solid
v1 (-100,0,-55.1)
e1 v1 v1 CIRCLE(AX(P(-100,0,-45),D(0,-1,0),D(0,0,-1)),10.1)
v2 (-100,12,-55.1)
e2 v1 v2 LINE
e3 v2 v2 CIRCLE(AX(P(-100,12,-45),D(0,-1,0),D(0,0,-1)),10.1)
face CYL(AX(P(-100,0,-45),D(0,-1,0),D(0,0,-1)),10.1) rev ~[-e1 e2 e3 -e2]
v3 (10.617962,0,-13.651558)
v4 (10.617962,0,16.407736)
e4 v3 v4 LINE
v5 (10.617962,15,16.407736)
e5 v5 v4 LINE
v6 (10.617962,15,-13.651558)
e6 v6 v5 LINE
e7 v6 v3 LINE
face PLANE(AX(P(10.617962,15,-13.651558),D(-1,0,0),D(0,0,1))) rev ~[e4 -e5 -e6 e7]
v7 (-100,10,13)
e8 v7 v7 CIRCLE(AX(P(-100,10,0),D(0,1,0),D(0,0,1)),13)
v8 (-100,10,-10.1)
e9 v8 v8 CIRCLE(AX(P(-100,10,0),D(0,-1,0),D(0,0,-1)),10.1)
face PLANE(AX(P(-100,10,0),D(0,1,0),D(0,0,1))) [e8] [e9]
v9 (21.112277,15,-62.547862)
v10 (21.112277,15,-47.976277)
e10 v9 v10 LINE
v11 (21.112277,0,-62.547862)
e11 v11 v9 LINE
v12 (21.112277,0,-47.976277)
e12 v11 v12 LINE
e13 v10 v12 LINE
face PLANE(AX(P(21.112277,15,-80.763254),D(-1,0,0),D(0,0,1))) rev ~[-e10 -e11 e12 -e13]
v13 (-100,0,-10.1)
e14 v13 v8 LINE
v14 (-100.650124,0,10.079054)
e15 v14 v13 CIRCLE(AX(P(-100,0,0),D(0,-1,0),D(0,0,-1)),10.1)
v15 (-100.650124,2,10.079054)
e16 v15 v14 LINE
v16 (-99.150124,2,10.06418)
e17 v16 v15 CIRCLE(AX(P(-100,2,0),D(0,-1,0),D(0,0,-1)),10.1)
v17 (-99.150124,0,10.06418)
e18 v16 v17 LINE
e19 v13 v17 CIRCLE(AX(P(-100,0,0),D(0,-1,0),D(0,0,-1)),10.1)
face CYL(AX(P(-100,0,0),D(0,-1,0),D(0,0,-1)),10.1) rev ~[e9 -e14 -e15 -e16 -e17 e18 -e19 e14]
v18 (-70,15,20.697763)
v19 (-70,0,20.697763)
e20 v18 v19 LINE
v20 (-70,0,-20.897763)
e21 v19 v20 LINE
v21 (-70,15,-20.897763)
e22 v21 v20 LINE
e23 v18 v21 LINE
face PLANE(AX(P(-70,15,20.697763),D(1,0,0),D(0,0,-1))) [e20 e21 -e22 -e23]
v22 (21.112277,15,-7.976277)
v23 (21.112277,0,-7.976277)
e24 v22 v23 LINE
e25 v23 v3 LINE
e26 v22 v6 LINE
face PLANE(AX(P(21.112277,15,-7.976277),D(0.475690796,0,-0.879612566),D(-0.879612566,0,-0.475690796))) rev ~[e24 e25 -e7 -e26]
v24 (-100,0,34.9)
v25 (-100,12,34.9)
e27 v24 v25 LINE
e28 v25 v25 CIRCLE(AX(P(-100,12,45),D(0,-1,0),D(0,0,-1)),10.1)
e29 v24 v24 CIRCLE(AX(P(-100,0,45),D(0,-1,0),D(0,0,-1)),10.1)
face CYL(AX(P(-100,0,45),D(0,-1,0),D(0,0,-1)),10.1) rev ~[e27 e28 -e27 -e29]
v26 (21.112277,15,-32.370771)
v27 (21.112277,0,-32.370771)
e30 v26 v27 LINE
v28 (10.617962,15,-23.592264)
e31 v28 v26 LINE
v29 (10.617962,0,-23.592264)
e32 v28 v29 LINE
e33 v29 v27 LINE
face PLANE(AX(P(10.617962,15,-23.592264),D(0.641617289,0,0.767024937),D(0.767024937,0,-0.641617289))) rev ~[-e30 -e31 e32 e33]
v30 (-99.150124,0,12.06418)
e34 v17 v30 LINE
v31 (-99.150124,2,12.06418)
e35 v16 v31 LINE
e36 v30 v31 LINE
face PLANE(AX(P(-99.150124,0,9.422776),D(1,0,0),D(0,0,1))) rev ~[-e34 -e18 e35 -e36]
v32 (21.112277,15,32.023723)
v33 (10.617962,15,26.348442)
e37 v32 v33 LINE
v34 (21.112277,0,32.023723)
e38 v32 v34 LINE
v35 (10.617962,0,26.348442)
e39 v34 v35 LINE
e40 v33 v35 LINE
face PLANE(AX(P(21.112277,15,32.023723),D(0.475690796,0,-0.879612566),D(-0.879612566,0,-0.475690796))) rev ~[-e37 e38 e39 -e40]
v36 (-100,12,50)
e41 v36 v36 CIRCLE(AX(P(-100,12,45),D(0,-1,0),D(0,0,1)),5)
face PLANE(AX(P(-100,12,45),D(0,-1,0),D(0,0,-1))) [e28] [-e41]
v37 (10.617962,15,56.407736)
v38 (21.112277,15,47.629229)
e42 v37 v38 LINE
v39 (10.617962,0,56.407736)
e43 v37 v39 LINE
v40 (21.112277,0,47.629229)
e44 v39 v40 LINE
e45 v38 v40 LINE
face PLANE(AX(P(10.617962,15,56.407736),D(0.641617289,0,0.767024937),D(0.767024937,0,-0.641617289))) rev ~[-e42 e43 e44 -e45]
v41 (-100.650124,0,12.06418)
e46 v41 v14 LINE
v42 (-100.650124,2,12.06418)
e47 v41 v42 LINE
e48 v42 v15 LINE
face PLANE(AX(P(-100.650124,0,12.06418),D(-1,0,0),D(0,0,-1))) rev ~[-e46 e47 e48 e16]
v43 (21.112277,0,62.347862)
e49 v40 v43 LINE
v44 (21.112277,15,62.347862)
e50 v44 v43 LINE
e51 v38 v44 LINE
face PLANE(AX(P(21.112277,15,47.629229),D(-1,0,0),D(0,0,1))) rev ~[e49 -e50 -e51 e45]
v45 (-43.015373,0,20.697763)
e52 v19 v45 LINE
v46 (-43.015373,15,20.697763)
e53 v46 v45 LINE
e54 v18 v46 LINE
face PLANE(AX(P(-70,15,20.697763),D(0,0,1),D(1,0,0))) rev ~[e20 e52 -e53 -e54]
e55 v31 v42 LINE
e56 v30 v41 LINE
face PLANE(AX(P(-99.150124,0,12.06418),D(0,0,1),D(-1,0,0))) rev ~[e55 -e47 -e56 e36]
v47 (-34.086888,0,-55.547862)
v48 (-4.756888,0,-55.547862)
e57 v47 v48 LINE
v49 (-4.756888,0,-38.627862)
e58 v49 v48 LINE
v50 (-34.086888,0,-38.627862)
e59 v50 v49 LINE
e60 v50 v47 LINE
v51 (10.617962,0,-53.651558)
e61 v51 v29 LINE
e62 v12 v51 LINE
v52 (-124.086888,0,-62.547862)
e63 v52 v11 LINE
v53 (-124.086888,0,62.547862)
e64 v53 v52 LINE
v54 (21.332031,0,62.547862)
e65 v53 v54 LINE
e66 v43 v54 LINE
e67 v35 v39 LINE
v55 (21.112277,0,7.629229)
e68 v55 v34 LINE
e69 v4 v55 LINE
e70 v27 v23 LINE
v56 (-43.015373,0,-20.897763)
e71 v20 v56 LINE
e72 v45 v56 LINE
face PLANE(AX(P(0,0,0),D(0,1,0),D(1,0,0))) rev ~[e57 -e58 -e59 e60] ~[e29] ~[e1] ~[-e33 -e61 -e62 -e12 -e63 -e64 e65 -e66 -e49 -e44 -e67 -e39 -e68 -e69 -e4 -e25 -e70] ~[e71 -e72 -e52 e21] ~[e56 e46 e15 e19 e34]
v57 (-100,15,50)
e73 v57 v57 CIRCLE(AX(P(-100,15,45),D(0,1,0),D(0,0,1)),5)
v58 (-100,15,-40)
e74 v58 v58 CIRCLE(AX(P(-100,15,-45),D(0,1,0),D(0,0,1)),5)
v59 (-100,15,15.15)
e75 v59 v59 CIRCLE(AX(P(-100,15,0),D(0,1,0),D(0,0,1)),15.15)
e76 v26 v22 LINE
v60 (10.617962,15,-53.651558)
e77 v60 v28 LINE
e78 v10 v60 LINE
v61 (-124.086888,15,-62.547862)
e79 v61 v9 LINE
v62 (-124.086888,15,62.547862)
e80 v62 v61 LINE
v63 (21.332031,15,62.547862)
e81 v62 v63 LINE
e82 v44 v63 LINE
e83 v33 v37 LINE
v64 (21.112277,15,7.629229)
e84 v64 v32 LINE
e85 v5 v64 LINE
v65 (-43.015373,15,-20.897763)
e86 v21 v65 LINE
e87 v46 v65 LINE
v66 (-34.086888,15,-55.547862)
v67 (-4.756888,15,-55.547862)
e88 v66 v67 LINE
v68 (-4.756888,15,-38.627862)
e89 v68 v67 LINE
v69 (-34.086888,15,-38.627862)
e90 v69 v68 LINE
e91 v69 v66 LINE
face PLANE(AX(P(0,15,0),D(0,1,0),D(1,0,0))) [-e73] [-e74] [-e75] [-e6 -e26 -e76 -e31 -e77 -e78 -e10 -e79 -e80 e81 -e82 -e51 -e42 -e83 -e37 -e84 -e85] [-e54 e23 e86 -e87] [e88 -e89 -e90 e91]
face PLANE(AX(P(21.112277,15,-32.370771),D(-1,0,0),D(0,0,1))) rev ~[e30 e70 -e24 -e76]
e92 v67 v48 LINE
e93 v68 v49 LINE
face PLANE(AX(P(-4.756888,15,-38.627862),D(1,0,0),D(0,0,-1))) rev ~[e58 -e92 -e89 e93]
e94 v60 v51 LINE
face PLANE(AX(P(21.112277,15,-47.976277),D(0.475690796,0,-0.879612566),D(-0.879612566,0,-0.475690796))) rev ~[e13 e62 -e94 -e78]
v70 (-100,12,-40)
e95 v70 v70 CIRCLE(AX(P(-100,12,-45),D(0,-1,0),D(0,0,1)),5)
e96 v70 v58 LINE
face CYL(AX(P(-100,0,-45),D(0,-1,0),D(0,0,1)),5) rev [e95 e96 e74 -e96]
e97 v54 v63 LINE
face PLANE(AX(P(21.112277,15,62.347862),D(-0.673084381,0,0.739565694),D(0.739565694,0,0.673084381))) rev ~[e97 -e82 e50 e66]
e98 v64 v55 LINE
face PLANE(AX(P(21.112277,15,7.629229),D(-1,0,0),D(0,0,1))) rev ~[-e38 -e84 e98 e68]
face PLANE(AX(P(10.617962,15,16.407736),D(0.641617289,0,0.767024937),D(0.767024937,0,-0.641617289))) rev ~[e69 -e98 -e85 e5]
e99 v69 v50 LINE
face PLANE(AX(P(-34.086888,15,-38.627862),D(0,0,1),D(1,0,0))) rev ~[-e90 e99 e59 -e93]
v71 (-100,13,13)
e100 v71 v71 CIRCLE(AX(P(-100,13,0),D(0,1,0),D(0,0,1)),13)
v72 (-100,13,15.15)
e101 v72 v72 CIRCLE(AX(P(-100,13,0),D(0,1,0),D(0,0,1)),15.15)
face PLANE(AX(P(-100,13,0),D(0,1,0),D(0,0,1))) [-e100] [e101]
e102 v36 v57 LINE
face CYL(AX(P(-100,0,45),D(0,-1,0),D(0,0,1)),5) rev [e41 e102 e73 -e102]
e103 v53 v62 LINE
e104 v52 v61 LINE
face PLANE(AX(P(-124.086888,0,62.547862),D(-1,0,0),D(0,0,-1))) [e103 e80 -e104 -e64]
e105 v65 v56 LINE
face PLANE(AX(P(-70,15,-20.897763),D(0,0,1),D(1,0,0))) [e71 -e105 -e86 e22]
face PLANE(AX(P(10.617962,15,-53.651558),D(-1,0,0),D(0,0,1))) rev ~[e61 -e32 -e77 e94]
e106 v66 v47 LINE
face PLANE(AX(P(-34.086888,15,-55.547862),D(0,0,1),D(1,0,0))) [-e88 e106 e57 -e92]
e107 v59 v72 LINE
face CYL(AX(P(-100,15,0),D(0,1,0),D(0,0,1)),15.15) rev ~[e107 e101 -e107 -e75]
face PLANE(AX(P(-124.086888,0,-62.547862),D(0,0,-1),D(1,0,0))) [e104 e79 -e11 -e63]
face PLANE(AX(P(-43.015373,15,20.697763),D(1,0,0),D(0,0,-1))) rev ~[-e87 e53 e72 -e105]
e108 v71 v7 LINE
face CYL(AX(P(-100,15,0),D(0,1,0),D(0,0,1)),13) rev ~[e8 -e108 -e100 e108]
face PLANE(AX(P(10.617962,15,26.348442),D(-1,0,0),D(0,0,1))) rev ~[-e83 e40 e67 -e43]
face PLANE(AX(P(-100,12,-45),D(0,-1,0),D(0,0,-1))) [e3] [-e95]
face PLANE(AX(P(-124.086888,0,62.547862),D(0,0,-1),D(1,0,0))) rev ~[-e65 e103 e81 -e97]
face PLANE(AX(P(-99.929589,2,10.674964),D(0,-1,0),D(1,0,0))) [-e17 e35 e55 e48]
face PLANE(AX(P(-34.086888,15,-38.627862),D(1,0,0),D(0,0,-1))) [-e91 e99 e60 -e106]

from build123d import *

# Parameters (mm, degrees)
SKETCH1_W           = 280
SKETCH1_H           = 210
BOSS_EXTRUDE1_DEPTH = 15
SKETCH2_R           = 5
BOSS_EXTRUDE2_DEPTH = 50
SKETCH3_W           = 10
SKETCH3_H           = 30
BOSS_EXTRUDE3_DEPTH = 50
SKETCH4_R           = 13
CUT_EXTRUDE1_DEPTH  = 20
SKETCH5_W           = 360.4909063
SKETCH5_H           = 249.182613404
SKETCH5_W_2         = 248.173776912
SKETCH5_H_2         = 125.095724948
CUT_EXTRUDE5_DEPTH  = 15
CUT_EXTRUDE6_START  = -65
SKETCH7_R           = 5
CUT_EXTRUDE6_DEPTH  = 65
SKETCH8_R           = 10.1
CUT_EXTRUDE11_DEPTH = 12
SKETCH13_W          = 26.98462743
SKETCH13_H          = 41.59552633
CUT_EXTRUDE12_DEPTH = 148.681383345
SKETCH11_W          = 17.231524428
SKETCH11_H          = 37.334969593
CUT_EXTRUDE13_DEPTH = 50
CUT_EXTRUDE16_DEPTH = 140.766916639
SKETCH16_R          = 13
CUT_EXTRUDE20_DEPTH = 5
CUT_EXTRUDE22_DEPTH = 2
SKETCH18_R          = 15.15
CUT_EXTRUDE23_DEPTH = 2
SKETCH9_W           = 29.33
SKETCH9_H           = 16.92
CUT_EXTRUDE24_DEPTH = 140.766916639


with BuildPart() as part:
    # Sketch1 → Boss-Extrude1 (new body)
    with BuildSketch(Plane(origin=(0, 0, 0), x_dir=(1, 0, 0), z_dir=(0, 1, 0))):
        Rectangle(SKETCH1_W, SKETCH1_H)
    extrude(amount=BOSS_EXTRUDE1_DEPTH)

    # Sketch2 → Boss-Extrude2 (add)
    with BuildSketch(Plane(origin=(0, 15, 0), x_dir=(1, 0, 0), z_dir=(0, 1, 0))):
        with Locations(Location((-100, 0, 0), (0, 0, 270))):
            Circle(SKETCH2_R)
        with Locations(Location((-100, 45, 0), (0, 0, 270))):
            Circle(SKETCH2_R)
        with Locations(Location((-100, -45, 0), (0, 0, 270))):
            Circle(SKETCH2_R)
    extrude(amount=BOSS_EXTRUDE2_DEPTH)

    # Sketch3 → Boss-Extrude3 (add)
    with BuildSketch(Plane(origin=(0, 15, 0), x_dir=(1, 0, 0), z_dir=(0, 1, 0))):
        Rectangle(SKETCH3_W, SKETCH3_H)
    extrude(amount=BOSS_EXTRUDE3_DEPTH)

    # Sketch4 → Cut-Extrude1 (cut)
    with BuildSketch(Plane(origin=(5, 0, 0), x_dir=(0, 0, -1), z_dir=(1, 0, 0))):
        with Locations((0, 41.236240869)):
            Circle(SKETCH4_R)
    extrude(amount=-CUT_EXTRUDE1_DEPTH, mode=Mode.SUBTRACT)

    # Sketch5 → Cut-Extrude5 (cut)
    with BuildSketch(Plane(origin=(0, 0, 0), x_dir=(1, 0, 0), z_dir=(0, 1, 0))):
        with Locations((1.345115322, -3.19464889)):
            Rectangle(SKETCH5_W, SKETCH5_H)
        Rectangle(SKETCH5_W_2, SKETCH5_H_2, mode=Mode.SUBTRACT)
    extrude(amount=CUT_EXTRUDE5_DEPTH, mode=Mode.SUBTRACT)

    # Sketch7 → Cut-Extrude6 (cut)
    with BuildSketch(Plane(origin=(0, 65, 0), x_dir=(1, 0, 0), z_dir=(0, 1, 0)).offset(CUT_EXTRUDE6_START)):
        with Locations(Location((-100, 45, 0), (0, 0, 270))):
            Circle(SKETCH7_R)
        with Locations(Location((-100, 0, 0), (0, 0, 270))):
            Circle(SKETCH7_R)
        with Locations(Location((-100, -45, 0), (0, 0, 270))):
            Circle(SKETCH7_R)
    extrude(amount=CUT_EXTRUDE6_DEPTH, mode=Mode.SUBTRACT)

    # Sketch8 → Cut-Extrude11 (cut)
    with BuildSketch(Plane.XZ):
        with Locations(Location((-100, 45, 0), (0, 0, 270))):
            Circle(SKETCH8_R)
        with Locations(Location((-100, 0, 0), (0, 0, 270))):
            Circle(SKETCH8_R)
        with Locations(Location((-100, -45, 0), (0, 0, 270))):
            Circle(SKETCH8_R)
    extrude(amount=-CUT_EXTRUDE11_DEPTH, mode=Mode.SUBTRACT)

    # Sketch13 → Cut-Extrude12 (cut, through all)
    with BuildSketch(Plane(origin=(0, 15, 0), x_dir=(1, 0, 0), z_dir=(0, 1, 0))):
        with Locations((-56.507686285, 0.099999998)):
            Rectangle(SKETCH13_W, SKETCH13_H)
    extrude(amount=-CUT_EXTRUDE12_DEPTH, mode=Mode.SUBTRACT)

    # Sketch11 → Cut-Extrude13 (cut)
    with BuildSketch(Plane(origin=(0, 65, 0), x_dir=(1, 0, 0), z_dir=(0, 1, 0))):
        with Locations((-3.002833284, 0.13632265)):
            Rectangle(SKETCH11_W, SKETCH11_H)
    extrude(amount=-CUT_EXTRUDE13_DEPTH, mode=Mode.SUBTRACT)

    # Sketch10 → Cut-Extrude16 (cut, through all)
    with BuildSketch(Plane(origin=(0, 15, 0), x_dir=(1, 0, 0), z_dir=(0, 1, 0))):
        Polygon((10.617962241, 13.651558309), (10.617962241, -16.40773575), (21.11227659, -7.629229077), (21.11227659, -32.023722987), (10.617962241, -26.348441691), (10.617962241, -56.40773575), (21.11227659, -47.629229077), (21.11227659, -62.347862477), (41.181983769, -80.61345612), (118.859305744, -85.146591928), (147.57727439, -51.586107965), (147.57727439, 65.118065893), (115.028872781, 75.532398006), (21.11227659, 80.76325418), (21.11227659, 62.347862473), (21.11227659, 47.976277013), (10.617962241, 53.651558309), (10.617962241, 23.59226425), (21.11227659, 32.370770923), (21.11227659, 7.976277013), align=None)
    extrude(amount=-CUT_EXTRUDE16_DEPTH, mode=Mode.SUBTRACT)

    # Sketch16 → Cut-Extrude20 (cut)
    with BuildSketch(Plane(origin=(0, 15, 0), x_dir=(1, 0, 0), z_dir=(0, 1, 0))):
        with Locations(Location((-100, 0, 0), (0, 0, 270))):
            Circle(SKETCH16_R)
    extrude(amount=-CUT_EXTRUDE20_DEPTH, mode=Mode.SUBTRACT)

    # Sketch17 → Cut-Extrude22 (cut)
    with BuildSketch(Plane.XZ):
        Polygon((-99.150124323, 10.064179616), (-99.150124323, 12.064179616), (-100.650124323, 12.064179616), (-100.650124323, 10.064179616), (-100.726397945, 9.213176312), (-99.150124323, 9.422776077), align=None)
    extrude(amount=-CUT_EXTRUDE22_DEPTH, mode=Mode.SUBTRACT)

    # Sketch18 → Cut-Extrude23 (cut)
    with BuildSketch(Plane(origin=(0, 15, 0), x_dir=(1, 0, 0), z_dir=(0, 1, 0))):
        with Locations(Location((-100, 0, 0), (0, 0, 270))):
            Circle(SKETCH18_R)
    extrude(amount=-CUT_EXTRUDE23_DEPTH, mode=Mode.SUBTRACT)

    # Sketch9 → Cut-Extrude24 (cut, through all)
    with BuildSketch(Plane(origin=(0, 15, 0), x_dir=(1, 0, 0), z_dir=(0, 1, 0))):
        with Locations((-19.421888456, 47.087862474)):
            Rectangle(SKETCH9_W, SKETCH9_H)
    extrude(amount=-CUT_EXTRUDE24_DEPTH, mode=Mode.SUBTRACT)


solid = part.part
